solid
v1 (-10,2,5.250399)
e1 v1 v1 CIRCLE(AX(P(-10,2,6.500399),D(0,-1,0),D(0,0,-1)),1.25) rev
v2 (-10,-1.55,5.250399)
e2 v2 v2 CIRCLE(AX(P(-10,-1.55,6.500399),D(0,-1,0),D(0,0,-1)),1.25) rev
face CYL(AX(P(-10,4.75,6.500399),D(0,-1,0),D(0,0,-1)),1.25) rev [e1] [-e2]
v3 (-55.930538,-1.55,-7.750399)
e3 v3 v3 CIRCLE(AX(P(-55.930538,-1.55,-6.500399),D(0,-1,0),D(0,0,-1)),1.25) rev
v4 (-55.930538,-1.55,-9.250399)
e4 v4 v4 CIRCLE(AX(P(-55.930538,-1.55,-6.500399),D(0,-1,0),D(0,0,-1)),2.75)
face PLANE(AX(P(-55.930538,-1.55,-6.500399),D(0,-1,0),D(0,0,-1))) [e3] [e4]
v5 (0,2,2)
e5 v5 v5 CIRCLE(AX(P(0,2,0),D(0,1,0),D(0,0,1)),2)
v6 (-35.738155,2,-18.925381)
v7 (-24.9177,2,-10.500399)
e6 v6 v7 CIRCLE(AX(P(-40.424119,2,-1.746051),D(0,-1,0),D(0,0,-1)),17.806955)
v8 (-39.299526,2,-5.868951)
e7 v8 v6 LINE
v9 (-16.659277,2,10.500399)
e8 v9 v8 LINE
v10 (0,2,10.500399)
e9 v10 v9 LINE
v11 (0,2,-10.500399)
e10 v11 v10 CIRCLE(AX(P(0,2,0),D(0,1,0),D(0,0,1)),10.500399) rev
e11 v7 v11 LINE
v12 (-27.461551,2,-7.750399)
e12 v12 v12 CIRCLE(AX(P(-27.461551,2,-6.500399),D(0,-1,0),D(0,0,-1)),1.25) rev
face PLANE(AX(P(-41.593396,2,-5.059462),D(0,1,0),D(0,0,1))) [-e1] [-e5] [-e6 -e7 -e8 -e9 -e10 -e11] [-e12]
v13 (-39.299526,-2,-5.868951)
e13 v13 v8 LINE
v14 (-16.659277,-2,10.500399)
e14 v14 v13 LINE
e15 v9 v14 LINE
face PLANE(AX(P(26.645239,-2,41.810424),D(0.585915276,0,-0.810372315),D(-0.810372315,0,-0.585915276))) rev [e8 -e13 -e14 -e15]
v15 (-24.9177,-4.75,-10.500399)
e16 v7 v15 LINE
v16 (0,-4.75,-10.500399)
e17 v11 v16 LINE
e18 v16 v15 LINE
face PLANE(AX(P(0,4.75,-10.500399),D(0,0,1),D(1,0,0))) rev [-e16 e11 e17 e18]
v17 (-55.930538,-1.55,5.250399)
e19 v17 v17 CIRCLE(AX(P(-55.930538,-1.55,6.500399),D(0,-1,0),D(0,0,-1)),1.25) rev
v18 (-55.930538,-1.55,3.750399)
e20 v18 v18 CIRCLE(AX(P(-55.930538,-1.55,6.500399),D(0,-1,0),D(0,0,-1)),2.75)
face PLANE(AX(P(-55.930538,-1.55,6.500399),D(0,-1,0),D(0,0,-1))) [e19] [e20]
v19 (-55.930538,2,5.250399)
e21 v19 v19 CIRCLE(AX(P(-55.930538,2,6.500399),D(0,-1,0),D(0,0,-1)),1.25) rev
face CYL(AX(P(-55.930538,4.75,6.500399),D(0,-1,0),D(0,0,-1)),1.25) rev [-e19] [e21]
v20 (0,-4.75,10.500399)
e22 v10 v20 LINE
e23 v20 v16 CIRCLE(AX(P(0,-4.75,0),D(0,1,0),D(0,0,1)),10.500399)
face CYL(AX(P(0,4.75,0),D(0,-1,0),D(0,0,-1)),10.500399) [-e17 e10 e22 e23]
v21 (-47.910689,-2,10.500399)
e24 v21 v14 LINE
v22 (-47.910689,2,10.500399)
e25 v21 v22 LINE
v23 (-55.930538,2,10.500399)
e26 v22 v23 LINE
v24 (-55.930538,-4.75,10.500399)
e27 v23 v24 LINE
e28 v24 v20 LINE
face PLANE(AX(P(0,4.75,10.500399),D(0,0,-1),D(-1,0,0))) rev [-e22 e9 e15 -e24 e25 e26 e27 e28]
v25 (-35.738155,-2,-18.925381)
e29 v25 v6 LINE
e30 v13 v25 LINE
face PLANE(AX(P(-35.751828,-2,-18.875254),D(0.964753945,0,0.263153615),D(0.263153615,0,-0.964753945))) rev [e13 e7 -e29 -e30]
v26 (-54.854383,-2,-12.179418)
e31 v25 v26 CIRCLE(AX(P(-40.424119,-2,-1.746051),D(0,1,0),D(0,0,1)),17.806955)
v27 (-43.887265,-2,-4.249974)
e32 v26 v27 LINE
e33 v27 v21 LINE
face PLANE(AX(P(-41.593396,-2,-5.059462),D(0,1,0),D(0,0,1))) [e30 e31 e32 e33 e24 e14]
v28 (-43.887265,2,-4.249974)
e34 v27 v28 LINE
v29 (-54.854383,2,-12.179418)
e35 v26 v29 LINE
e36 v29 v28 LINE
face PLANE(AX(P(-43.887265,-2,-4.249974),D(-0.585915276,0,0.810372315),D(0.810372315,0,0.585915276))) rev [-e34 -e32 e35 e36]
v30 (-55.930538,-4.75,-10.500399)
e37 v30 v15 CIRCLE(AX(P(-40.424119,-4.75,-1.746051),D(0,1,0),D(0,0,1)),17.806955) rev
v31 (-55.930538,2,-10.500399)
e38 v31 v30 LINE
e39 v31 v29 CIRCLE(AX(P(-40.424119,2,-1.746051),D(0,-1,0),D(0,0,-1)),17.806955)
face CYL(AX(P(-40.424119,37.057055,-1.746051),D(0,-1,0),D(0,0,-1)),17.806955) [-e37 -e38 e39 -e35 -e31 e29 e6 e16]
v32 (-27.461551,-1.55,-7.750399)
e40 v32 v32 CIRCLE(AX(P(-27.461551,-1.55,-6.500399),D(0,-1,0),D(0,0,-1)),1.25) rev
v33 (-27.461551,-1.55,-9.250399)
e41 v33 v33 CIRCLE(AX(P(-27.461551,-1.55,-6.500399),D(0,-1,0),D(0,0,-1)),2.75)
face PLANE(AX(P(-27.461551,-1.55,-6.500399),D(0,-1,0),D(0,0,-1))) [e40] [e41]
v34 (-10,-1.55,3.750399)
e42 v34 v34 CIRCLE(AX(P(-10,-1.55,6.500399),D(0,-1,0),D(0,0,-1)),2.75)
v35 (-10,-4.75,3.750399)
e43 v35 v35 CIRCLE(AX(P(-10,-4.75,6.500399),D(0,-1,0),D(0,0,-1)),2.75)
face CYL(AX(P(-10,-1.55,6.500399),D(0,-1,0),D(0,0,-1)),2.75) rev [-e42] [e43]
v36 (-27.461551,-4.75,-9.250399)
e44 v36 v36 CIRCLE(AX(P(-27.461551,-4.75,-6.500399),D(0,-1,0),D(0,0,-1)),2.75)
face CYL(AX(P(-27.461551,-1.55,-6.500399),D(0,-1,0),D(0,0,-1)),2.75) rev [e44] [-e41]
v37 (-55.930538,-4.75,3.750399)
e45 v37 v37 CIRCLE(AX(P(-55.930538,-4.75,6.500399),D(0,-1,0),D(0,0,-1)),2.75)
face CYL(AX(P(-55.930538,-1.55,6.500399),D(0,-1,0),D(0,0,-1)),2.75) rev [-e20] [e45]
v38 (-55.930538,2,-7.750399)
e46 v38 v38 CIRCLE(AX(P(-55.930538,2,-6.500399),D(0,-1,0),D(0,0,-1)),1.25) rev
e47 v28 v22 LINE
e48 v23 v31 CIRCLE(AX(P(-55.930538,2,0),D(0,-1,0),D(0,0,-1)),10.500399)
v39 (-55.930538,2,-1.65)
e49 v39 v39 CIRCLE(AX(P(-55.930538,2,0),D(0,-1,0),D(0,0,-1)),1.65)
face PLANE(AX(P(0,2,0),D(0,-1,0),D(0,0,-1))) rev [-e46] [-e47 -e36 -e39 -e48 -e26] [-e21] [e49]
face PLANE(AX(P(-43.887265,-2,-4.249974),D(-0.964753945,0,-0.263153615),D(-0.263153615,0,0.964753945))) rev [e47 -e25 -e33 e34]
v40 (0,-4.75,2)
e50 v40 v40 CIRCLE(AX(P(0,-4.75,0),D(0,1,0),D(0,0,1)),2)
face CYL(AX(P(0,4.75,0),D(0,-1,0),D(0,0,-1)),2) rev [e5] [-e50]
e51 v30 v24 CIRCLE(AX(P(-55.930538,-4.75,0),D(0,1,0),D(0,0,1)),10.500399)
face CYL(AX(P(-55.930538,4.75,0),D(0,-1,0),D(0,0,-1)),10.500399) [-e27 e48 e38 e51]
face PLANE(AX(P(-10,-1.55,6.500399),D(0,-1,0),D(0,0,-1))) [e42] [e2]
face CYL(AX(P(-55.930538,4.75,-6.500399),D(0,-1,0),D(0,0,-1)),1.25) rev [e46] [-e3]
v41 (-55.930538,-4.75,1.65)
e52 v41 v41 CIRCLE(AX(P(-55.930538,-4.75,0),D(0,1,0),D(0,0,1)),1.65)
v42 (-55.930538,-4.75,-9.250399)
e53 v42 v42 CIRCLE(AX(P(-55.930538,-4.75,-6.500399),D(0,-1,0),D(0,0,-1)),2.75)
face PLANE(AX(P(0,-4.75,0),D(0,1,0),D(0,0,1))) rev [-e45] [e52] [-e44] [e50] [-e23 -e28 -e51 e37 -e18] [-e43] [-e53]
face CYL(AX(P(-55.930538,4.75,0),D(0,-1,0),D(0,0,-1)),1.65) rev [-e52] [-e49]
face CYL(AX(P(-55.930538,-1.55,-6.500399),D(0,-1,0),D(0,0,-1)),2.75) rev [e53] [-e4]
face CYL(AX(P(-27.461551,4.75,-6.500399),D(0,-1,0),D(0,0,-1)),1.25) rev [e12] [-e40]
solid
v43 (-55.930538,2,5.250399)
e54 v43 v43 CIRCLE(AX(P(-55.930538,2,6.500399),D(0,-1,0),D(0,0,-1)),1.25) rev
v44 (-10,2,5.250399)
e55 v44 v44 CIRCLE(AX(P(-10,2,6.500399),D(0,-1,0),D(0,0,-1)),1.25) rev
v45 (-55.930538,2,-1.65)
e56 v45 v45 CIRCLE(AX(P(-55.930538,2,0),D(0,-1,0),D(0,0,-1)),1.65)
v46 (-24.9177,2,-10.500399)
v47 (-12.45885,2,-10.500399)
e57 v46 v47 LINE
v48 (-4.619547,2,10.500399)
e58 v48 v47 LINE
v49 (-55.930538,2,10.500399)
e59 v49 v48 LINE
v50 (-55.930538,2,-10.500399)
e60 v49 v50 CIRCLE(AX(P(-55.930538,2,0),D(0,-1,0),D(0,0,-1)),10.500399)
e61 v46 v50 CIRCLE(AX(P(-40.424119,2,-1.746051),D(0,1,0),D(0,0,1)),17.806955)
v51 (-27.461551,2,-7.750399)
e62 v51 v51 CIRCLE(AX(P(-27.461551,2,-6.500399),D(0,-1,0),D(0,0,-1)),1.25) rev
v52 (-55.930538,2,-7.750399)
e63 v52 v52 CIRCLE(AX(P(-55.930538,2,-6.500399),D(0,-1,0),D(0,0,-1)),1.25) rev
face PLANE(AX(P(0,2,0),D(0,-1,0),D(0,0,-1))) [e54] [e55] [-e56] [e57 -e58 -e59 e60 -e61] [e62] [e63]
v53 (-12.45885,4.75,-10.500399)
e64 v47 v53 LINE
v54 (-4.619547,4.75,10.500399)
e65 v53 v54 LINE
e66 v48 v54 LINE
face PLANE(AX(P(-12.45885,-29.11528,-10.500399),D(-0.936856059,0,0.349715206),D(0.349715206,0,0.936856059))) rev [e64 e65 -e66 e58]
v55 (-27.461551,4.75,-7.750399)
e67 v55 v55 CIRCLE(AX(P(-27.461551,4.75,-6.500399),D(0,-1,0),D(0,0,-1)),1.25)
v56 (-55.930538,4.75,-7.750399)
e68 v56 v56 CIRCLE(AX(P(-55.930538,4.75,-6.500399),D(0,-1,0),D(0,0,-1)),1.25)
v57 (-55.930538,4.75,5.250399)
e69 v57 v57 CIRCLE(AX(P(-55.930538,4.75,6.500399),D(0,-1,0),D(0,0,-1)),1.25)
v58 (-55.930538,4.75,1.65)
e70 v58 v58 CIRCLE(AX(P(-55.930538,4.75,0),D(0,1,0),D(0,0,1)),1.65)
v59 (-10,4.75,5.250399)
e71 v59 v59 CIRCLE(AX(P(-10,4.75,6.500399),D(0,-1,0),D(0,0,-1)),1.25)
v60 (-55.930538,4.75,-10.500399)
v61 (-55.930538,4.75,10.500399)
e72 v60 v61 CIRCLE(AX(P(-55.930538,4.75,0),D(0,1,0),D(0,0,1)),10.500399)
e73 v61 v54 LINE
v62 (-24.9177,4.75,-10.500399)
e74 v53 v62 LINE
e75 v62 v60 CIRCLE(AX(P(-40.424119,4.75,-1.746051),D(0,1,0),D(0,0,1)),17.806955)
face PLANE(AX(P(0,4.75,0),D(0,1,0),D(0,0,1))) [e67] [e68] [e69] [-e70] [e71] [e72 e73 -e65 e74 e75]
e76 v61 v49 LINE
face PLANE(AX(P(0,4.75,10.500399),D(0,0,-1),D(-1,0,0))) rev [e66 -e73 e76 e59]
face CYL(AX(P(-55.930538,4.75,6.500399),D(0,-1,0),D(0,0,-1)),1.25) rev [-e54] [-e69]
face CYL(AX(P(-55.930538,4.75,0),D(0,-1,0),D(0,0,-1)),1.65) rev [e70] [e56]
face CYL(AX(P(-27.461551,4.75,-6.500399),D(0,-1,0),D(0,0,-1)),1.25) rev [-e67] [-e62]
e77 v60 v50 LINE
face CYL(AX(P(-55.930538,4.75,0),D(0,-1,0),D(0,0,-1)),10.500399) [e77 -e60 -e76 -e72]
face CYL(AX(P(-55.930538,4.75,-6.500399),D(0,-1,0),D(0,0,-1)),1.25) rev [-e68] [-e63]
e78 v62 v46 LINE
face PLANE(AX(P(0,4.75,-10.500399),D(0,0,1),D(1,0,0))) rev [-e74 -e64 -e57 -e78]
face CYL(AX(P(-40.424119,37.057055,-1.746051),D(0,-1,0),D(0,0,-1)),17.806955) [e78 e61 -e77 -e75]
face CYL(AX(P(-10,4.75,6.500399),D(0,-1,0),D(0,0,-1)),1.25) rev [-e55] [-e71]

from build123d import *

# Parameters (mm, degrees)
SKETCH1_R                       = 2
SKETCH1_R_2                     = 1.65
BOSS_EXTRUDE1_DEPTH             = 4.75
CUT_EXTRUDE1_DEPTH              = 2
BOSS_EXTRUDE2_REACH             = 69.423
BOSS_EXTRUDE2_DIRECTION_2_REACH = 69.423
CUT_EXTRUDE2_DEPTH              = 2
SKETCH7_R                       = 1.25
CUT_EXTRUDE3_DEPTH              = 70.897349716
SKETCH8_R                       = 2.75
CUT_EXTRUDE4_DEPTH              = 3.2
CUT_EXTRUDE5_DEPTH              = 2.75


with BuildPart() as part:
    # Sketch1 → Boss-Extrude1 (new, symmetric)
    with BuildSketch(Plane(origin=(0, 0, 0), x_dir=(1, 0, 0), z_dir=(0, 1, 0))):
        with BuildLine():
            Line((0, -10.500399217), (-55.93053828, -10.500399217))
            ThreePointArc((-55.93053828, -10.500399217), (-66.430937497, 0), (-55.93053828, 10.500399217))
            Line((-55.93053828, 10.500399217), (0, 10.500399217))
            ThreePointArc((0, 10.500399217), (10.500399217, 0), (0, -10.500399217))
        make_face()
        with Locations(Location((0, 0, 0), (0, 0, 270))):
            Circle(SKETCH1_R, mode=Mode.SUBTRACT)
        with Locations(Location((-55.93053828, 0, 0), (0, 0, 270))):
            Circle(SKETCH1_R_2, mode=Mode.SUBTRACT)
    extrude(amount=BOSS_EXTRUDE1_DEPTH, both=True)

    # Sketch3 → Cut-Extrude1 (cut, symmetric)
    with BuildSketch(Plane(origin=(0, 0, 0), x_dir=(1, 0, 0), z_dir=(0, 1, 0))):
        with BuildLine():
            Line((-35.751827911, 18.875253657), (-39.299525946, 5.868950542))
            Line((-39.299525946, 5.868950542), (26.645239155, -41.810424095))
            ThreePointArc((26.645239155, -41.810424095), (-18.563858299, -45.972421055), (-48.206523525, -11.584965354))
            Line((-48.206523525, -11.584965354), (-43.887265107, 4.249974277))
            Line((-43.887265107, 4.249974277), (-54.812276631, 12.148974547))
            ThreePointArc((-54.812276631, 12.148974547), (-46.585078234, 19.204535889), (-35.751827911, 18.875253657))
        make_face()
    extrude(amount=CUT_EXTRUDE1_DEPTH, both=True, mode=Mode.SUBTRACT)

    # Boss-Extrude2: up to this face of the body (flat: up to its plane)
    boss_extrude2_end = Plane(part.part.faces().sort_by_distance((-28.040100034, 4.75, 0))[0])
    # Sketch5 → Boss-Extrude2 (add, up to the picked face)
    with BuildSketch(Plane(origin=(0, 0, 0), x_dir=(1, 0, 0), z_dir=(0, 1, 0)), mode=Mode.PRIVATE) as boss_extrude2_sk1:
        with BuildLine():
            ThreePointArc((-24.917700351, 10.500399217), (-40.424119316, 19.553005923), (-55.93053828, 10.500399217))
            Line((-55.93053828, 10.500399217), (-24.917700351, 10.500399217))
        make_face()
    boss_extrude2_tool1 = split(extrude(boss_extrude2_sk1.sketch, amount=BOSS_EXTRUDE2_REACH, mode=Mode.PRIVATE), bisect_by=boss_extrude2_end, keep=Keep.BOTH, mode=Mode.PRIVATE)
    add(boss_extrude2_tool1.solids().sort_by(Axis((-40.424119, 0, -14.214125), (0, 1, 0)))[0])

    # Boss-Extrude2 direction 2: up to this face of the body (flat: up to its plane)
    boss_extrude2_direction_2_end = Plane(part.part.faces().sort_by_distance((-28.040100034, -4.75, 0))[0])
    # Sketch5 → Boss-Extrude2 direction 2 (add, up to the picked face)
    with BuildSketch(Plane(origin=(0, 0, 0), x_dir=(1, 0, 0), z_dir=(0, 1, 0)), mode=Mode.PRIVATE) as boss_extrude2_direction_2_sk1:
        with BuildLine():
            ThreePointArc((-24.917700351, 10.500399217), (-40.424119316, 19.553005923), (-55.93053828, 10.500399217))
            Line((-55.93053828, 10.500399217), (-24.917700351, 10.500399217))
        make_face()
    boss_extrude2_direction_2_tool1 = split(extrude(boss_extrude2_direction_2_sk1.sketch, amount=-BOSS_EXTRUDE2_DIRECTION_2_REACH, mode=Mode.PRIVATE), bisect_by=boss_extrude2_direction_2_end, keep=Keep.BOTH, mode=Mode.PRIVATE)
    add(boss_extrude2_direction_2_tool1.solids().sort_by(Axis((-40.424119, 0, -14.214125), (0, -1, 0)))[0])

    # Sketch6 → Cut-Extrude2 (cut, symmetric)
    with BuildSketch(Plane(origin=(0, 0, 0), x_dir=(1, 0, 0), z_dir=(0, 1, 0))):
        with BuildLine():
            Line((-39.299525946, 5.868950542), (-16.659276721, -10.500399217))
            Line((-16.659276721, -10.500399217), (-47.910689027, -10.500399217))
            Line((-47.910689027, -10.500399217), (-43.887265107, 4.249974277))
            Line((-43.887265107, 4.249974277), (-54.854382526, 12.179417945))
            ThreePointArc((-54.854382526, 12.179417945), (-46.349897212, 18.538096729), (-35.738154791, 18.925381021))
            Line((-35.738154791, 18.925381021), (-39.299525946, 5.868950542))
        make_face()
    extrude(amount=CUT_EXTRUDE2_DEPTH, both=True, mode=Mode.SUBTRACT)

    # Sketch7 → Cut-Extrude3 (cut, through all)
    with BuildSketch(Plane.XZ.offset(4.75)):
        with Locations(Location((-27.461551073, -6.500399217, 0), (0, 0, 270))):
            Circle(SKETCH7_R)
        with Locations(Location((-10, 6.500399217, 0), (0, 0, 270))):
            Circle(SKETCH7_R)
        with Locations(Location((-55.93053828, 6.500399217, 0), (0, 0, 270))):
            Circle(SKETCH7_R)
        with Locations(Location((-55.93053828, -6.500399217, 0), (0, 0, 270))):
            Circle(SKETCH7_R)
    extrude(amount=-CUT_EXTRUDE3_DEPTH, mode=Mode.SUBTRACT)

    # Sketch8 → Cut-Extrude4 (cut)
    with BuildSketch(Plane.XZ.offset(4.75)):
        with Locations(Location((-55.93053828, 6.500399217, 0), (0, 0, 270))):
            Circle(SKETCH8_R)
        with Locations(Location((-55.93053828, -6.500399217, 0), (0, 0, 270))):
            Circle(SKETCH8_R)
        with Locations(Location((-27.461551073, -6.500399217, 0), (0, 0, 270))):
            Circle(SKETCH8_R)
        with Locations(Location((-10, 6.500399217, 0), (0, 0, 270))):
            Circle(SKETCH8_R)
    extrude(amount=-CUT_EXTRUDE4_DEPTH, mode=Mode.SUBTRACT)

    # Sketch9 → Cut-Extrude5 (cut)
    with BuildSketch(Plane(origin=(0, 4.75, 0), x_dir=(1, 0, 0), z_dir=(0, 1, 0))):
        with BuildLine():
            Line((-12.458850176, 10.500399217), (-4.619547141, -10.500399217))
            Line((-4.619547141, -10.500399217), (0, -10.500399217))
            ThreePointArc((0, -10.500399217), (10.500399217, 0), (0, 10.500399217))
            Line((0, 10.500399217), (-12.458850176, 10.500399217))
        make_face()
    extrude(amount=-CUT_EXTRUDE5_DEPTH, mode=Mode.SUBTRACT)


with BuildPart() as body_2:
    # Split1: the piece on the far side of the plane
    add(part.part)
    split(bisect_by=Plane(origin=(0, 2, 0), x_dir=(0, 0, -1), z_dir=(0, -1, 0)), keep=Keep.BOTTOM)


with BuildPart() as part_1:
    add(part.part)

    # Split1
    split(bisect_by=Plane(origin=(0, 2, 0), x_dir=(0, 0, -1), z_dir=(0, -1, 0)), keep=Keep.TOP)


solid = Compound([body_2.part, part_1.part])
